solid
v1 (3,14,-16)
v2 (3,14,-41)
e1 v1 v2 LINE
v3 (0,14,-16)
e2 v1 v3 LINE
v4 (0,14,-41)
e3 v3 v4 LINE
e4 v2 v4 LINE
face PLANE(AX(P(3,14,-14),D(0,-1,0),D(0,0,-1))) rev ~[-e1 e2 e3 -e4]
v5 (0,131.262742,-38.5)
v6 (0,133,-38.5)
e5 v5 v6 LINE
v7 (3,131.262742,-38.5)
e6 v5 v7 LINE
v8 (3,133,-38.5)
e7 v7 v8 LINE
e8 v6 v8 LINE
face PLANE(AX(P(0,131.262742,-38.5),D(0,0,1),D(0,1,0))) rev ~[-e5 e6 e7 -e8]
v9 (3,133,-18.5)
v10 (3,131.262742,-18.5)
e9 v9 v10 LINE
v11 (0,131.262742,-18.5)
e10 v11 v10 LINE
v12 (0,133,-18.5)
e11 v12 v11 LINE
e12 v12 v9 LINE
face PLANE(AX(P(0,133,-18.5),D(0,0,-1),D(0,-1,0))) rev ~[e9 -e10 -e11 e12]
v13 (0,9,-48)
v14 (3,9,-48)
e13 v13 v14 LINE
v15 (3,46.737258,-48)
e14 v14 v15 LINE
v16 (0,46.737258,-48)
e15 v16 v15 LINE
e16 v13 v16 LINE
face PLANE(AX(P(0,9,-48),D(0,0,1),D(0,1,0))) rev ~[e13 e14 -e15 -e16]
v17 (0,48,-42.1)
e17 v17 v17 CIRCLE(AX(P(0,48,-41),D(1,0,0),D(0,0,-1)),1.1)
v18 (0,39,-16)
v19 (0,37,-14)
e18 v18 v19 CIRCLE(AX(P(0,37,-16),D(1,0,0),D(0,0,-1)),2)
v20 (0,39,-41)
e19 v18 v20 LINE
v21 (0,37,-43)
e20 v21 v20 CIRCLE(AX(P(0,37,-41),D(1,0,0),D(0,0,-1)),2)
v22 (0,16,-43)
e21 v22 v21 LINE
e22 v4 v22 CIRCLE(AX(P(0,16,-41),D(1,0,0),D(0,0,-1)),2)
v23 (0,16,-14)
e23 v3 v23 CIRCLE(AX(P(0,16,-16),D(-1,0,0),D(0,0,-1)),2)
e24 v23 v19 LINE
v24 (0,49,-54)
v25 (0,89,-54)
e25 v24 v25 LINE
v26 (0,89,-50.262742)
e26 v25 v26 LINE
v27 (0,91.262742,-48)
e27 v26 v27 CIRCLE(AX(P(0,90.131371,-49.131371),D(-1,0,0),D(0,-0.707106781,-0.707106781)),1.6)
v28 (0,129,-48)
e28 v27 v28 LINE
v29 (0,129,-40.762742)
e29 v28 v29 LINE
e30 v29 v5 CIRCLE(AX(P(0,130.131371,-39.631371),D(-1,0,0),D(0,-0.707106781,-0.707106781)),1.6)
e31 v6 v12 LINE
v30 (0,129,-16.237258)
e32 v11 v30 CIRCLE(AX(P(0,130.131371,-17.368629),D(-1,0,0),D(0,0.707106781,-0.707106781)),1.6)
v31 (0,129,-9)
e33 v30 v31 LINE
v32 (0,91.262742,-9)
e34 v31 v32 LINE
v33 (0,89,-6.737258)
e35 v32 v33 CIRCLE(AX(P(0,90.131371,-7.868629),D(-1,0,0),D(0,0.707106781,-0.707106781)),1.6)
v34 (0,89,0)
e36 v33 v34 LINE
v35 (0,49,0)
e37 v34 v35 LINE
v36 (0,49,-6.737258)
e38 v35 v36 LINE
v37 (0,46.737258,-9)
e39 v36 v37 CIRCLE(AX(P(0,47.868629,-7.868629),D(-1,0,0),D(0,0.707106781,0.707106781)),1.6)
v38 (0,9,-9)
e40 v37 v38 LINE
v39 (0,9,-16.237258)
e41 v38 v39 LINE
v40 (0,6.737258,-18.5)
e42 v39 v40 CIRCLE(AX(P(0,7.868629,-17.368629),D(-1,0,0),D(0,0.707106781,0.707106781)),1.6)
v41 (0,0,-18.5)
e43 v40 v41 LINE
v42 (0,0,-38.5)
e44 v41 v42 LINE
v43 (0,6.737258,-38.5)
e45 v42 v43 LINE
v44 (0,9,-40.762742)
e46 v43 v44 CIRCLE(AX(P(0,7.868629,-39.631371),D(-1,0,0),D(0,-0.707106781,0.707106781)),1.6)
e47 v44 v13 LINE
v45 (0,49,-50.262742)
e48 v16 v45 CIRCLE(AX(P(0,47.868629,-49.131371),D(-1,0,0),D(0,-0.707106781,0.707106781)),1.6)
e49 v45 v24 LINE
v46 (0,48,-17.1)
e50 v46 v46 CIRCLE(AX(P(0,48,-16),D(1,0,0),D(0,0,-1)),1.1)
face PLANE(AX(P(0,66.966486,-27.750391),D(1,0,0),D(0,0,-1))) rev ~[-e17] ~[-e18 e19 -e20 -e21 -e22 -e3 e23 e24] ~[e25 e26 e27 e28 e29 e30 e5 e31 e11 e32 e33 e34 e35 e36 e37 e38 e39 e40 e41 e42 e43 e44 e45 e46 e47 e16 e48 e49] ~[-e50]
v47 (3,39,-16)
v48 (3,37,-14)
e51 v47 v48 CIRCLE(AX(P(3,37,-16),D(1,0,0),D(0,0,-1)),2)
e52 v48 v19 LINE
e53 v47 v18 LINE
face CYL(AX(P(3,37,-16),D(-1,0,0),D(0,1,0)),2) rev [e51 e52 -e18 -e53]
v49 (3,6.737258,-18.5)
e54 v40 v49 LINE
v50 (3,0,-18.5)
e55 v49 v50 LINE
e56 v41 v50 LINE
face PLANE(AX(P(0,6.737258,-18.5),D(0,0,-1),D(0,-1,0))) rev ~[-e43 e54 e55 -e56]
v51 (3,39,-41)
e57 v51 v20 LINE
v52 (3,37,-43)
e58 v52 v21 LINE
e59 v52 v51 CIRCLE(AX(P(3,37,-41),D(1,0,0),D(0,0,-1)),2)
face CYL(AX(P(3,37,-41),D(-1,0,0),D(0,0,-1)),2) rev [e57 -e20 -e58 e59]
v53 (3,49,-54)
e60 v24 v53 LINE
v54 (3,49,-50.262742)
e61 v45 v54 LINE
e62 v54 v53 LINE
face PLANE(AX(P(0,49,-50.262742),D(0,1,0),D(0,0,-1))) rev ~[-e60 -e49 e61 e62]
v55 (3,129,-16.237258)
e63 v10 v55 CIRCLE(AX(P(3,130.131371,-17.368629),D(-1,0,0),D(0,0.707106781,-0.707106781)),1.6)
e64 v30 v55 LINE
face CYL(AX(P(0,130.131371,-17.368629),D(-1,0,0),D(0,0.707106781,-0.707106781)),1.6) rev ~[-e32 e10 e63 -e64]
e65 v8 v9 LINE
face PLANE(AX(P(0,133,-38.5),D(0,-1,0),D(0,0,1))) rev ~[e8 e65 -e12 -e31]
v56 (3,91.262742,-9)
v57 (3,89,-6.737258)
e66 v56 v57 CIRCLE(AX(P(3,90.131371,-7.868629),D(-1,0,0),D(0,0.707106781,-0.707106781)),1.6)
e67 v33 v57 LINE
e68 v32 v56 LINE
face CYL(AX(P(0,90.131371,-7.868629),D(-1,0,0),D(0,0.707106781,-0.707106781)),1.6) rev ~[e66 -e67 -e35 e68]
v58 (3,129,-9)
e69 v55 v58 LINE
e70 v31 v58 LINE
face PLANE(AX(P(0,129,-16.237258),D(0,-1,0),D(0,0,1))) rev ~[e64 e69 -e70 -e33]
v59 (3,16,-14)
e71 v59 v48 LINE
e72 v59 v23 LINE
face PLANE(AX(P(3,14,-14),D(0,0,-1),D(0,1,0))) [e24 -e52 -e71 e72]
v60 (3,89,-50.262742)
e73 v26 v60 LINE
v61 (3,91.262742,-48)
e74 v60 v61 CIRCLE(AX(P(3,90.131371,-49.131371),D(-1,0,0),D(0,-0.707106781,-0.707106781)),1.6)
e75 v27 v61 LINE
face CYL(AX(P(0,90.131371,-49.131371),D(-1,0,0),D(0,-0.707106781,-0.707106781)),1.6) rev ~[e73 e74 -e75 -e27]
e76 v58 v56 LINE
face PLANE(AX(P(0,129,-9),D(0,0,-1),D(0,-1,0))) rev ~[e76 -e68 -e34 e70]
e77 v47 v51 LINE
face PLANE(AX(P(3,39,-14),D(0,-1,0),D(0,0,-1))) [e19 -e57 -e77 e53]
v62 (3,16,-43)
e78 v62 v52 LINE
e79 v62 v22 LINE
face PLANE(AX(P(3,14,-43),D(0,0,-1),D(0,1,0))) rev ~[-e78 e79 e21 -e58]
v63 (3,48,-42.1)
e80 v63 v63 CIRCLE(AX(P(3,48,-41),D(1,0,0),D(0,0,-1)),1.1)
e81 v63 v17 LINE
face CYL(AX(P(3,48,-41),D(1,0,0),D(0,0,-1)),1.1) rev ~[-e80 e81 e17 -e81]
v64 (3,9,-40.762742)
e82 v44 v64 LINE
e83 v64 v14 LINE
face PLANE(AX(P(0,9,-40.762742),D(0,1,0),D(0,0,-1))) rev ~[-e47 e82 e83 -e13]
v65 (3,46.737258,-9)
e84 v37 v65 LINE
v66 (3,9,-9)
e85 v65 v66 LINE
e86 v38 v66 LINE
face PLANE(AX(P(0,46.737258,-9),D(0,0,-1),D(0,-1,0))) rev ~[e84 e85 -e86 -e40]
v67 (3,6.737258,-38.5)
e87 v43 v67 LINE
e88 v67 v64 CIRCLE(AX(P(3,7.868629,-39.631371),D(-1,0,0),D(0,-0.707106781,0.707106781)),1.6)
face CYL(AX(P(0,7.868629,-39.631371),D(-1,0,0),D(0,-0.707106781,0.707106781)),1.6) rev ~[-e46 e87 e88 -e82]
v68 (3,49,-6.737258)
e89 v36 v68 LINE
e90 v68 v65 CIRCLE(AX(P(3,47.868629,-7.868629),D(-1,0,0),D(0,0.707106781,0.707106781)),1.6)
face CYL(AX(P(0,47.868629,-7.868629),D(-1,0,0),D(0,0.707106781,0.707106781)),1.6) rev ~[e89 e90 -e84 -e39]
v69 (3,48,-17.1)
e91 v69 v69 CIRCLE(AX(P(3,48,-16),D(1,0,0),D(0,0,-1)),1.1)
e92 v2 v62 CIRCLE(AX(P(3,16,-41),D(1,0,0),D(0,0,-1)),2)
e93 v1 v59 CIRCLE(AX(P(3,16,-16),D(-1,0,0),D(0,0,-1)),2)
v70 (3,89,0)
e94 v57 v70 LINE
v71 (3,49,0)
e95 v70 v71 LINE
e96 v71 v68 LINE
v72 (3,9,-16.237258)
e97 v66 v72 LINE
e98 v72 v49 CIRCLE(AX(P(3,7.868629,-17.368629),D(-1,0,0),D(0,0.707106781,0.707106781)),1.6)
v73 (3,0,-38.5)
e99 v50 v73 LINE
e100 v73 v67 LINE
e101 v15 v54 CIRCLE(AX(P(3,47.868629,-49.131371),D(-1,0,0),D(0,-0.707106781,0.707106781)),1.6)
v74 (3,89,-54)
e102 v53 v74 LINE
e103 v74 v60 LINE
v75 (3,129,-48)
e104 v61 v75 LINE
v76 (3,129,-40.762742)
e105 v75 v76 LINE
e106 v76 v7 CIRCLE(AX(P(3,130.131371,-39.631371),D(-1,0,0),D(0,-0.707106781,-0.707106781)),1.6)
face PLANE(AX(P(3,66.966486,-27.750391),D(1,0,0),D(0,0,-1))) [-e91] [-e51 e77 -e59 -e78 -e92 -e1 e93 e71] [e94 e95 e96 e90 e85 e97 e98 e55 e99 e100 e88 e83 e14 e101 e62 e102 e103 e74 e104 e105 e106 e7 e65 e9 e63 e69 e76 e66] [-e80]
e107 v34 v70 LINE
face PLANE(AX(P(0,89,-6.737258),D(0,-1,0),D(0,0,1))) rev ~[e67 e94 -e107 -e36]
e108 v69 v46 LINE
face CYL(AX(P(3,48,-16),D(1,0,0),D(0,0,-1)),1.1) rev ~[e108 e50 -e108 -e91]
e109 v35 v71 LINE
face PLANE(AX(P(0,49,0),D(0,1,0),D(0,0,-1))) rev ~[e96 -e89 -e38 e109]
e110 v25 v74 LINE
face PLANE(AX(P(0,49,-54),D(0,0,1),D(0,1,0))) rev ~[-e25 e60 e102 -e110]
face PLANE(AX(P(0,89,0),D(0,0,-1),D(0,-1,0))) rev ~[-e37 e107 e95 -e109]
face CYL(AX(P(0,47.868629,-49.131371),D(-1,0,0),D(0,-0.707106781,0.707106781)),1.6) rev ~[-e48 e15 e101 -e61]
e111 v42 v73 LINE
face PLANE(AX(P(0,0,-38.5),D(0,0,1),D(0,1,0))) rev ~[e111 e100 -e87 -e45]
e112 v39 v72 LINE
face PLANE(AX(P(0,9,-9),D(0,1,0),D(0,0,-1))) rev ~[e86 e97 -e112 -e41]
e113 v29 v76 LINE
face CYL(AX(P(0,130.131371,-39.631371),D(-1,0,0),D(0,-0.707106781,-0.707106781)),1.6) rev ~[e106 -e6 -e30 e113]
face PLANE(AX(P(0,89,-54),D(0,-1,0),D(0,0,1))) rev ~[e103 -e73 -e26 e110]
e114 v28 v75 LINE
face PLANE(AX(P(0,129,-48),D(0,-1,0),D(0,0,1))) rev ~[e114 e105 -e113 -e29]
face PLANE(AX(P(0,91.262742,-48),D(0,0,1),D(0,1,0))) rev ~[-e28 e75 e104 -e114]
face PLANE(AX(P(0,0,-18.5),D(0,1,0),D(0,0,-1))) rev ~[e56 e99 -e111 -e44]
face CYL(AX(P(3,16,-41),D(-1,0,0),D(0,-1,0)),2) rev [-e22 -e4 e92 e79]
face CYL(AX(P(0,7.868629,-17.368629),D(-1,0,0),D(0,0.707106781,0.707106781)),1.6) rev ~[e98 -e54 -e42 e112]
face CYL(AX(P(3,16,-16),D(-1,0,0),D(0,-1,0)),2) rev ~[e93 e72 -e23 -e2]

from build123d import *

# Parameters (mm, degrees)
EXTRUSION1_DEPTH        = 3
ESQUISSE2_W             = 29
ESQUISSE2_H             = 25
ENL_V_MAT_EXTRU_1_DEPTH = 4
CONG_1_R                = 2
ESQUISSE3_R             = 1.1
ENL_V_MAT_EXTRU_2_DEPTH = 4


with BuildPart() as part:
    # Esquisse1 → Extrusion1 (new body)
    with BuildSketch(Plane(origin=(0, 0, 0), x_dir=(0, 0, -1), z_dir=(1, 0, 0))):
        with BuildLine():
            Line((18.5, 6.7372583), (18.5, 0))
            Line((18.5, 0), (38.5, 0))
            Line((38.5, 0), (38.5, 6.7372583))
            ThreePointArc((38.5, 6.7372583), (38.5, 9), (40.7627417, 9))
            Line((40.7627417, 9), (48, 9))
            Line((48, 9), (48, 46.7372583))
            ThreePointArc((48, 46.7372583), (48, 49), (50.2627417, 49))
            Line((50.2627417, 49), (54, 49))
            Line((54, 49), (54, 89))
            Line((54, 89), (50.2627417, 89))
            ThreePointArc((50.2627417, 89), (48, 89), (48, 91.2627417))
            Line((48, 91.2627417), (48, 129))
            Line((48, 129), (40.7627417, 129))
            ThreePointArc((40.7627417, 129), (38.5, 129), (38.5, 131.2627417))
            Line((38.5, 131.2627417), (38.5, 133))
            Line((38.5, 133), (18.5, 133))
            Line((18.5, 133), (18.5, 131.2627417))
            ThreePointArc((18.5, 131.2627417), (18.5, 129), (16.2372583, 129))
            Line((16.2372583, 129), (9, 129))
            Line((9, 129), (9, 91.2627417))
            ThreePointArc((9, 91.2627417), (9, 89), (6.7372583, 89))
            Line((6.7372583, 89), (0, 89))
            Line((0, 89), (0, 49))
            Line((0, 49), (6.7372583, 49))
            ThreePointArc((6.7372583, 49), (9, 49), (9, 46.7372583))
            Line((9, 46.7372583), (9, 9))
            Line((9, 9), (16.2372583, 9))
            ThreePointArc((16.2372583, 9), (18.5, 9), (18.5, 6.7372583))
        make_face()
    extrude(amount=EXTRUSION1_DEPTH)

    # Esquisse2 → Enlèv. mat.-Extru.1 (cut, through all)
    with BuildSketch(Plane(origin=(3, 0, 0), x_dir=(0, 0, -1), z_dir=(1, 0, 0))):
        with Locations((28.5, 26.5)):
            Rectangle(ESQUISSE2_W, ESQUISSE2_H)
    extrude(amount=-ENL_V_MAT_EXTRU_1_DEPTH, mode=Mode.SUBTRACT)

    # Congé1
    cong_1_edges = [part.edges().sort_by_distance(p)[0] for p in [
        (1.5, 14, -14),
        (1.5, 39, -14),
        (1.5, 39, -43),
        (1.5, 14, -43),
    ]]
    fillet(cong_1_edges, radius=CONG_1_R)

    # Esquisse3 → Enlèv. mat.-Extru.2 (cut, through all)
    with BuildSketch(Plane(origin=(3, 0, 0), x_dir=(0, 0, -1), z_dir=(1, 0, 0))):
        with Locations((16, 48)):
            Circle(ESQUISSE3_R)
        with Locations((41, 48)):
            Circle(ESQUISSE3_R)
    extrude(amount=-ENL_V_MAT_EXTRU_2_DEPTH, mode=Mode.SUBTRACT)


solid = part.part
